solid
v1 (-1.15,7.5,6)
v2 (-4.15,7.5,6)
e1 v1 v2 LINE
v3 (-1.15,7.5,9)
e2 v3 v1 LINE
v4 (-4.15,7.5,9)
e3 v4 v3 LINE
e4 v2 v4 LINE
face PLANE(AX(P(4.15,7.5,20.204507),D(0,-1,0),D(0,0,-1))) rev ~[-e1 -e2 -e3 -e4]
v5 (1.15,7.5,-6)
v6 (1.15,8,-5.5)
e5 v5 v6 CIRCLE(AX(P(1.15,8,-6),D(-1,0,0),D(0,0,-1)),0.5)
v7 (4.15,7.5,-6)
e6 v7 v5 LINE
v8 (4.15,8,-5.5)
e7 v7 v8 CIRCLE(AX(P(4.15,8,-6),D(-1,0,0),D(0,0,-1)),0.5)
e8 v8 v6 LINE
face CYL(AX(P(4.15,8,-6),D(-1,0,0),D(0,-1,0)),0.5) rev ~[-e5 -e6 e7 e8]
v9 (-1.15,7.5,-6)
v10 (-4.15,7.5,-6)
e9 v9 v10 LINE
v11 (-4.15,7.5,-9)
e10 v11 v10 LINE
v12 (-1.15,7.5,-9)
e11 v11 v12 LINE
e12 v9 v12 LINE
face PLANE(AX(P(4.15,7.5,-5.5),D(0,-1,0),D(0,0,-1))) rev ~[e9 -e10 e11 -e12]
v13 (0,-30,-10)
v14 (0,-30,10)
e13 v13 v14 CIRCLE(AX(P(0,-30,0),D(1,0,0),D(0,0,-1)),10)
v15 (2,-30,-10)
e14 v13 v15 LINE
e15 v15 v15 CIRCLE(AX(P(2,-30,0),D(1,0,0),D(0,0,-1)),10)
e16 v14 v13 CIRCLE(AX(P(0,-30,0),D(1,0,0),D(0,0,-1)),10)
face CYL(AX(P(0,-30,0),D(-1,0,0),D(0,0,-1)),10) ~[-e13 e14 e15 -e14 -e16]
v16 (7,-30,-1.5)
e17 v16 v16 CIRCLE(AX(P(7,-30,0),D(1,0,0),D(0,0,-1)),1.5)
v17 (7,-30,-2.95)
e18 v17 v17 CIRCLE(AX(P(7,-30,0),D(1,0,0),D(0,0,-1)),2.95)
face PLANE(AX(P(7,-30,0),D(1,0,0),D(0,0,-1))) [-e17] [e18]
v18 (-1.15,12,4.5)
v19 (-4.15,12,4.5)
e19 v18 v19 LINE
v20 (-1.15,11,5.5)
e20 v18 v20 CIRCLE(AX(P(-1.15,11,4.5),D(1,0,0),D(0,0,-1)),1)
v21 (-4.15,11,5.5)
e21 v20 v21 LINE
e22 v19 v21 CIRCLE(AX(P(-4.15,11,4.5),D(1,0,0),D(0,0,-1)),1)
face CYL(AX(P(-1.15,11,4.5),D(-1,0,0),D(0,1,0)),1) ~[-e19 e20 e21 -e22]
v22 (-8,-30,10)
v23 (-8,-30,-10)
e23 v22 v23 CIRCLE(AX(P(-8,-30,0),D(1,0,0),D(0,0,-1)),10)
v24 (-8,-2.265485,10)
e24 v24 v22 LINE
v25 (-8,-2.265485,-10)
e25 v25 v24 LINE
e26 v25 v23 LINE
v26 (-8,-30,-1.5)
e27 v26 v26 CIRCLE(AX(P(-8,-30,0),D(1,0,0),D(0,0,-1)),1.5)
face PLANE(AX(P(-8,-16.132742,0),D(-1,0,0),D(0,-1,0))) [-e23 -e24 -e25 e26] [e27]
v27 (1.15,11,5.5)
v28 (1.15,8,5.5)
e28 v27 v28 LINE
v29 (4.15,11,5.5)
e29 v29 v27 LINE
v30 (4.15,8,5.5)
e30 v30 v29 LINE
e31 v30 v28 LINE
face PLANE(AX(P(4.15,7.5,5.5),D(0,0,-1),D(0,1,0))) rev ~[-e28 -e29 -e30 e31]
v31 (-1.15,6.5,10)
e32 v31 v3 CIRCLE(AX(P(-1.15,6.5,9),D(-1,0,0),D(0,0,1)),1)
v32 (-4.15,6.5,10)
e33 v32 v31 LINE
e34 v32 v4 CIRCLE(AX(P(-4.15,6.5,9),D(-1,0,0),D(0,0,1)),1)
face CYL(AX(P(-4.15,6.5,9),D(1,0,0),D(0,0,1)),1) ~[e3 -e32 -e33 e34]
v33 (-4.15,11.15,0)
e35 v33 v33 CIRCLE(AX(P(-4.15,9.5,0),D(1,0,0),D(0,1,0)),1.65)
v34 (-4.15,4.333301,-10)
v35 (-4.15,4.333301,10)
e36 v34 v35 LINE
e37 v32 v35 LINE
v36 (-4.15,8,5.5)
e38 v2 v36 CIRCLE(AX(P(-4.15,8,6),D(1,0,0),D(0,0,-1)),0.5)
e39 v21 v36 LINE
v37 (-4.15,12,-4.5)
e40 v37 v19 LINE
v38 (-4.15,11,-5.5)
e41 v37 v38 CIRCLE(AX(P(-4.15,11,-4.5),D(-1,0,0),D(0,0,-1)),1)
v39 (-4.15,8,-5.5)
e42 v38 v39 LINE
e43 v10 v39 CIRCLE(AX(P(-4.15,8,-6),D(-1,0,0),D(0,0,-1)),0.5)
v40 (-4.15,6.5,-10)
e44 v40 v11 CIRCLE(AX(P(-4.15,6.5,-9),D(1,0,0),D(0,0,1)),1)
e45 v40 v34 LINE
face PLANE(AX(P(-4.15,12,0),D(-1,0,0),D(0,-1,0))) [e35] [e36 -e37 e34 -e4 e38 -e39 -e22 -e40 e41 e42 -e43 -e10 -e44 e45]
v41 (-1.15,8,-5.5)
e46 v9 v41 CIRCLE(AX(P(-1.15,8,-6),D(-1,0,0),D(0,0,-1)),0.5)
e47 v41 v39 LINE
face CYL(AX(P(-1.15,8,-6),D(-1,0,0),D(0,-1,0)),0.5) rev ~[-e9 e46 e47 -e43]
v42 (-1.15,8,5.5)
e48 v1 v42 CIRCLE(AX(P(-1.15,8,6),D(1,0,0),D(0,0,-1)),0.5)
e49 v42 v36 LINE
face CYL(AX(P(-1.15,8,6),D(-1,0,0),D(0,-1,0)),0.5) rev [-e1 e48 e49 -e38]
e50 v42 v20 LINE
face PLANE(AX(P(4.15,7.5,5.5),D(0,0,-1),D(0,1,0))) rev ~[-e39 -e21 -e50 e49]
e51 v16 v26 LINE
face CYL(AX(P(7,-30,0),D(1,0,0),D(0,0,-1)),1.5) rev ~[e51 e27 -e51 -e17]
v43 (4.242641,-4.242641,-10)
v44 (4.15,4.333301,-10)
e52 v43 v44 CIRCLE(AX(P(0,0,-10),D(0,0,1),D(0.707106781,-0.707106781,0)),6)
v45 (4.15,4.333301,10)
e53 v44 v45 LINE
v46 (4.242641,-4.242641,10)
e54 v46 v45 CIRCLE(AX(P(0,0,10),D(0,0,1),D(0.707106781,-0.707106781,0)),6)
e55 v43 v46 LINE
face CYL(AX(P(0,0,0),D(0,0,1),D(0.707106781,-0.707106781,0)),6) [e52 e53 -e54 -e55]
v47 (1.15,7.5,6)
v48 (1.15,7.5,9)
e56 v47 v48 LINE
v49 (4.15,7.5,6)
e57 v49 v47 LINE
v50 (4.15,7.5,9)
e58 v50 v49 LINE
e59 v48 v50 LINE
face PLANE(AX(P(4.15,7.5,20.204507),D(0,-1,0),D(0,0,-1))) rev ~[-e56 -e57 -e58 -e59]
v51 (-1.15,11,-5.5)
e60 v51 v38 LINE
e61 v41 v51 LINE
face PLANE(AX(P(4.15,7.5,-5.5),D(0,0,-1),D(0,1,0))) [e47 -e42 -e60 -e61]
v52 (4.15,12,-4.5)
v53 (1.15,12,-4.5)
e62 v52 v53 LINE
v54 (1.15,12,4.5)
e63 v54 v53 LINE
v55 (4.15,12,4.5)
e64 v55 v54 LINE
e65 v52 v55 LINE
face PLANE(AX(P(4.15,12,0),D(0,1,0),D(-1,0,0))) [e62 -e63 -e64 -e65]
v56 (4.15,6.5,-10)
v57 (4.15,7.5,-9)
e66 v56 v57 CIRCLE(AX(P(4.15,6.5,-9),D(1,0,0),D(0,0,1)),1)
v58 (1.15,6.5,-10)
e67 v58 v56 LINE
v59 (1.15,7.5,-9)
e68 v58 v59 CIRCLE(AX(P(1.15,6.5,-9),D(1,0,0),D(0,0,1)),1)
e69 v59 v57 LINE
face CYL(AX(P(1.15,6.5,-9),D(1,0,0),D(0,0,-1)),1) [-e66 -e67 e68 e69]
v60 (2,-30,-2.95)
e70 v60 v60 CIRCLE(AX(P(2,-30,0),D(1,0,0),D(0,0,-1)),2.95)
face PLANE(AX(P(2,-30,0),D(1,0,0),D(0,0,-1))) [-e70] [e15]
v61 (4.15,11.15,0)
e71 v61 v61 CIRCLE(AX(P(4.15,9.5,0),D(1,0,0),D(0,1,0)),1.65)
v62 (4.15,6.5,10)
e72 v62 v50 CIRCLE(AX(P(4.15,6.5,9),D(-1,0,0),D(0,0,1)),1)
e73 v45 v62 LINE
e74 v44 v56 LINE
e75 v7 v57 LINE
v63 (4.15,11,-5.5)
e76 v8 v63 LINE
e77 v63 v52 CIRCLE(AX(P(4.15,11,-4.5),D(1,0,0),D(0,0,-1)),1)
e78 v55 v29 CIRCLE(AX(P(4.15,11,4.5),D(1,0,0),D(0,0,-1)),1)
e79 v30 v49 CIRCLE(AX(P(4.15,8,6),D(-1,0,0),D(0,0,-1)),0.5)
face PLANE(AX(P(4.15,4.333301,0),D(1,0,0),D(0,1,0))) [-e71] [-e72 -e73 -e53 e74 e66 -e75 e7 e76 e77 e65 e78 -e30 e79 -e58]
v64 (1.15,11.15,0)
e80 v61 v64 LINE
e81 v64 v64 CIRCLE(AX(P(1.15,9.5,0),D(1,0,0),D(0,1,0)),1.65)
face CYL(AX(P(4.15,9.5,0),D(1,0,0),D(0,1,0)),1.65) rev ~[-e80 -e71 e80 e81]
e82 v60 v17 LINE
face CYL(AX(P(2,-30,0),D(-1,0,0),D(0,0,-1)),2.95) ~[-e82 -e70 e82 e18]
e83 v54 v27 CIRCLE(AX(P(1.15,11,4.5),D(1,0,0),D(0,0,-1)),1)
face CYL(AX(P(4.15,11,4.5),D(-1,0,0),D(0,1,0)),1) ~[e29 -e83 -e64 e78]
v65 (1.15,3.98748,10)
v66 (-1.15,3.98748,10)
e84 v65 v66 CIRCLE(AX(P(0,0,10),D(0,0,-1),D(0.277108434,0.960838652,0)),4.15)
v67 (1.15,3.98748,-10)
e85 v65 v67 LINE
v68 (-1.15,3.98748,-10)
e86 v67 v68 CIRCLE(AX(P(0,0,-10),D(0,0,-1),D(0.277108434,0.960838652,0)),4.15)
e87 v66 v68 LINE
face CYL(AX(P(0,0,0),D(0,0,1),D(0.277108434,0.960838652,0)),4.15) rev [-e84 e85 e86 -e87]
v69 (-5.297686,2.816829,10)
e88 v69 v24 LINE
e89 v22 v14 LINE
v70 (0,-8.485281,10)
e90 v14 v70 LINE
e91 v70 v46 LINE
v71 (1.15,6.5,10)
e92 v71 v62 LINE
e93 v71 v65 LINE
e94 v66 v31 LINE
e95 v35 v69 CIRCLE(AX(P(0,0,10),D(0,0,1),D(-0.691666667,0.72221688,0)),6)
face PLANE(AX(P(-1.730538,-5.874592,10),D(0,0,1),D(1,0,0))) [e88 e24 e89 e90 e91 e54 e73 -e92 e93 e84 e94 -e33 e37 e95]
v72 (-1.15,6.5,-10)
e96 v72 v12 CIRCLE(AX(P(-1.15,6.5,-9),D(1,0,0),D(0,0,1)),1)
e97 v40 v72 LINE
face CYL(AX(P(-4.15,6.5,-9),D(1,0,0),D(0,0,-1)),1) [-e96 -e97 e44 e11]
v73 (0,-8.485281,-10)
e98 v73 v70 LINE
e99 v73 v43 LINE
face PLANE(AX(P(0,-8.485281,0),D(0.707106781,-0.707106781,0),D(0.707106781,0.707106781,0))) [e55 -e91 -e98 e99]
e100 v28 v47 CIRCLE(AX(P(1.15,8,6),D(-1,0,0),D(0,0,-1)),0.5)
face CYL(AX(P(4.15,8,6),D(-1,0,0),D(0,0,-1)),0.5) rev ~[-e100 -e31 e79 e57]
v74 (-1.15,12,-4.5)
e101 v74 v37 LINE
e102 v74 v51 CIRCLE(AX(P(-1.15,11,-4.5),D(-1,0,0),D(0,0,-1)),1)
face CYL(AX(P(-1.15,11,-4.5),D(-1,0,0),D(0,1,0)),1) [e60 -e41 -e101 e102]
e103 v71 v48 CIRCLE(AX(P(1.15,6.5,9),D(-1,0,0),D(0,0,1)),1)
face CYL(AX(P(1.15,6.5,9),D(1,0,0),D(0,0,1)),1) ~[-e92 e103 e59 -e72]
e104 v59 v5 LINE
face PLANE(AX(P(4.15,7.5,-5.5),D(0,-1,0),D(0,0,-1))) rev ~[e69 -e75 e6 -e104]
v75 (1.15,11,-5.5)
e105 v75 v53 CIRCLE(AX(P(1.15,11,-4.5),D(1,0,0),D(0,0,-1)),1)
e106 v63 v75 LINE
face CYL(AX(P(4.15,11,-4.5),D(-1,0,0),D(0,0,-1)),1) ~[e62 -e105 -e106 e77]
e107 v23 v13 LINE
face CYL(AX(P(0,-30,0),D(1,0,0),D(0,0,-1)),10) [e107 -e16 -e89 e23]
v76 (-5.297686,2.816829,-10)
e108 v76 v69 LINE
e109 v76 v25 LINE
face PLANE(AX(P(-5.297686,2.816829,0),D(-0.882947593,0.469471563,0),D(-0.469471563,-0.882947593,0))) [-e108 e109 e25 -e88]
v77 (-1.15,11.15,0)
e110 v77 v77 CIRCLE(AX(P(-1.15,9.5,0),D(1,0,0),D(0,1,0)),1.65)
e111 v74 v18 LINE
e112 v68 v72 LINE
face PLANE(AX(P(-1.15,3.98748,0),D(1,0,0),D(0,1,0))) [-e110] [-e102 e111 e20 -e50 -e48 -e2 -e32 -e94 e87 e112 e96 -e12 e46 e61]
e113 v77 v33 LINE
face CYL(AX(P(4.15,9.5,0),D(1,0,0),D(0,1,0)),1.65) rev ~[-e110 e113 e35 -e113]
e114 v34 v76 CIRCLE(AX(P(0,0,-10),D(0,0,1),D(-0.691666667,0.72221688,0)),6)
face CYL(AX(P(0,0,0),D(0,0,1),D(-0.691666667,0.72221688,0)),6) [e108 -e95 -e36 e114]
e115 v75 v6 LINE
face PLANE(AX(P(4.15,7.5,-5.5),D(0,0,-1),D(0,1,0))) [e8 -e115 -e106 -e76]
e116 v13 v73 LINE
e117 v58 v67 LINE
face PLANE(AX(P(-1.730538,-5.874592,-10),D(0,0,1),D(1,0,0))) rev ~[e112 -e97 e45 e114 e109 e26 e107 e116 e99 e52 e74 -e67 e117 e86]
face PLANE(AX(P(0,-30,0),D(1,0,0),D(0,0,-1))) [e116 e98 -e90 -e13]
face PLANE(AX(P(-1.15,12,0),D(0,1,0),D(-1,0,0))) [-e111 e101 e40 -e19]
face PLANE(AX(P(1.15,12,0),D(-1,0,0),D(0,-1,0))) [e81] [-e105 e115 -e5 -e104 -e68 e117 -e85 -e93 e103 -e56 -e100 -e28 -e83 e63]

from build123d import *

# Parameters (mm, degrees)
EXTRUDE_1_DEPTH             = 10
EXTRUDE_2_REACH             = 34.619
SKETCH_2_R                  = 10
EXTRUDE_2_DIRECTION_2_DEPTH = 2
SKETCH_4_R                  = 2.95
EXTRUDE_3_DEPTH             = 5
SKETCH_5_R                  = 1.5
CUT_EXTRUDE_1_DEPTH         = 44.874821937
SKETCH_6_R                  = 1.65
SKETCH_6_W                  = 14.704506527
SKETCH_6_H                  = 8.520368268
CUT_EXTRUDE_2_DEPTH         = 43.983979574
FILLET_1_R                  = 1
FILLET_2_R                  = 0.5


with BuildPart() as part:
    # 草图1 → 凸台-拉伸1 (new, symmetric)
    with BuildSketch(Plane.XY):
        with BuildLine():
            Line((-1.15, 3.987480407), (-1.15, 12))
            Line((-1.15, 12), (-4.15, 12))
            Line((-4.15, 12), (-4.15, 4.333301282))
            ThreePointArc((-4.15, 4.333301282), (-4.784308974, 3.620826928), (-5.297685557, 2.816829377))
            Line((-5.297685557, 2.816829377), (-8, -2.265484914))
            Line((-8, -2.265484914), (-8, -30))
            Line((-8, -30), (0, -30))
            Line((0, -30), (0, -8.485281374))
            Line((0, -8.485281374), (4.242640687, -4.242640687))
            ThreePointArc((4.242640687, -4.242640687), (5.999649956, 0.064810571), (4.15, 4.333301282))
            Line((4.15, 4.333301282), (4.15, 12))
            Line((4.15, 12), (1.15, 12))
            Line((1.15, 12), (1.15, 3.987480407))
            ThreePointArc((1.15, 3.987480407), (0, -4.15), (-1.15, 3.987480407))
        make_face()
    extrude(amount=EXTRUDE_1_DEPTH, both=True)

    # 凸台-拉伸2: up to this face of the body (flat: up to its plane)
    extrude_2_end = Plane(part.part.faces().sort_by_distance((-8, -16.132742457, 0))[0])
    # 草图2 → 凸台-拉伸2 (add, up to the picked face)
    with BuildSketch(Plane(origin=(0, 0, 0), x_dir=(0, 0, -1), z_dir=(1, 0, 0)), mode=Mode.PRIVATE) as extrude_2_sk1:
        with Locations((0, -30)):
            Circle(SKETCH_2_R)
    extrude_2_tool1 = split(extrude(extrude_2_sk1.sketch, amount=-EXTRUDE_2_REACH, mode=Mode.PRIVATE), bisect_by=extrude_2_end, keep=Keep.BOTH, mode=Mode.PRIVATE)
    add(extrude_2_tool1.solids().sort_by(Axis((0, -30, 0), (-1, 0, 0)))[0])

    # 草图2 → 凸台-拉伸2 direction 2 (add)
    with BuildSketch(Plane(origin=(0, 0, 0), x_dir=(0, 0, -1), z_dir=(1, 0, 0))):
        with Locations((0, -30)):
            Circle(SKETCH_2_R)
    extrude(amount=EXTRUDE_2_DIRECTION_2_DEPTH)

    # 草图4 → 凸台-拉伸3 (add)
    with BuildSketch(Plane(origin=(2, 0, 0), x_dir=(0, 0, -1), z_dir=(1, 0, 0))):
        with Locations((0, -30)):
            Circle(SKETCH_4_R)
    extrude(amount=EXTRUDE_3_DEPTH)

    # 草图5 → 切除-拉伸1 (cut, through all)
    with BuildSketch(Plane(origin=(7, 0, 0), x_dir=(0, 0, -1), z_dir=(1, 0, 0))):
        with Locations((0, -30)):
            Circle(SKETCH_5_R)
    extrude(amount=-CUT_EXTRUDE_1_DEPTH, mode=Mode.SUBTRACT)

    # 草图6 → 切除-拉伸2 (cut, through all)
    with BuildSketch(Plane(origin=(4.15, 0, 0), x_dir=(0, 0, -1), z_dir=(1, 0, 0))):
        with Locations(Location((0, 9.5, 0), (0, 0, 90))):
            Circle(SKETCH_6_R)
        with Locations((-12.852253263, 11.760184134)):
            Rectangle(SKETCH_6_W, SKETCH_6_H)
        with Locations((12.852253263, 11.760184134)):
            Rectangle(SKETCH_6_W, SKETCH_6_H)
    extrude(amount=-CUT_EXTRUDE_2_DEPTH, mode=Mode.SUBTRACT)

    # 圆角1
    fillet_1_edges = [part.edges().sort_by_distance(p)[0] for p in [
        (2.65, 7.5, -10),
        (-2.65, 7.5, -10),
        (2.65, 7.5, 10),
        (-2.65, 7.5, 10),
        (2.65, 12, 5.5),
        (-2.65, 12, 5.5),
        (2.65, 12, -5.5),
        (-2.65, 12, -5.5),
    ]]
    fillet(fillet_1_edges, radius=FILLET_1_R)

    # 圆角2
    fillet_2_edges = [part.edges().sort_by_distance(p)[0] for p in [
        (-2.65, 7.5, 5.5),
        (2.65, 7.5, 5.5),
        (2.65, 7.5, -5.5),
        (-2.65, 7.5, -5.5),
    ]]
    fillet(fillet_2_edges, radius=FILLET_2_R)


solid = part.part
